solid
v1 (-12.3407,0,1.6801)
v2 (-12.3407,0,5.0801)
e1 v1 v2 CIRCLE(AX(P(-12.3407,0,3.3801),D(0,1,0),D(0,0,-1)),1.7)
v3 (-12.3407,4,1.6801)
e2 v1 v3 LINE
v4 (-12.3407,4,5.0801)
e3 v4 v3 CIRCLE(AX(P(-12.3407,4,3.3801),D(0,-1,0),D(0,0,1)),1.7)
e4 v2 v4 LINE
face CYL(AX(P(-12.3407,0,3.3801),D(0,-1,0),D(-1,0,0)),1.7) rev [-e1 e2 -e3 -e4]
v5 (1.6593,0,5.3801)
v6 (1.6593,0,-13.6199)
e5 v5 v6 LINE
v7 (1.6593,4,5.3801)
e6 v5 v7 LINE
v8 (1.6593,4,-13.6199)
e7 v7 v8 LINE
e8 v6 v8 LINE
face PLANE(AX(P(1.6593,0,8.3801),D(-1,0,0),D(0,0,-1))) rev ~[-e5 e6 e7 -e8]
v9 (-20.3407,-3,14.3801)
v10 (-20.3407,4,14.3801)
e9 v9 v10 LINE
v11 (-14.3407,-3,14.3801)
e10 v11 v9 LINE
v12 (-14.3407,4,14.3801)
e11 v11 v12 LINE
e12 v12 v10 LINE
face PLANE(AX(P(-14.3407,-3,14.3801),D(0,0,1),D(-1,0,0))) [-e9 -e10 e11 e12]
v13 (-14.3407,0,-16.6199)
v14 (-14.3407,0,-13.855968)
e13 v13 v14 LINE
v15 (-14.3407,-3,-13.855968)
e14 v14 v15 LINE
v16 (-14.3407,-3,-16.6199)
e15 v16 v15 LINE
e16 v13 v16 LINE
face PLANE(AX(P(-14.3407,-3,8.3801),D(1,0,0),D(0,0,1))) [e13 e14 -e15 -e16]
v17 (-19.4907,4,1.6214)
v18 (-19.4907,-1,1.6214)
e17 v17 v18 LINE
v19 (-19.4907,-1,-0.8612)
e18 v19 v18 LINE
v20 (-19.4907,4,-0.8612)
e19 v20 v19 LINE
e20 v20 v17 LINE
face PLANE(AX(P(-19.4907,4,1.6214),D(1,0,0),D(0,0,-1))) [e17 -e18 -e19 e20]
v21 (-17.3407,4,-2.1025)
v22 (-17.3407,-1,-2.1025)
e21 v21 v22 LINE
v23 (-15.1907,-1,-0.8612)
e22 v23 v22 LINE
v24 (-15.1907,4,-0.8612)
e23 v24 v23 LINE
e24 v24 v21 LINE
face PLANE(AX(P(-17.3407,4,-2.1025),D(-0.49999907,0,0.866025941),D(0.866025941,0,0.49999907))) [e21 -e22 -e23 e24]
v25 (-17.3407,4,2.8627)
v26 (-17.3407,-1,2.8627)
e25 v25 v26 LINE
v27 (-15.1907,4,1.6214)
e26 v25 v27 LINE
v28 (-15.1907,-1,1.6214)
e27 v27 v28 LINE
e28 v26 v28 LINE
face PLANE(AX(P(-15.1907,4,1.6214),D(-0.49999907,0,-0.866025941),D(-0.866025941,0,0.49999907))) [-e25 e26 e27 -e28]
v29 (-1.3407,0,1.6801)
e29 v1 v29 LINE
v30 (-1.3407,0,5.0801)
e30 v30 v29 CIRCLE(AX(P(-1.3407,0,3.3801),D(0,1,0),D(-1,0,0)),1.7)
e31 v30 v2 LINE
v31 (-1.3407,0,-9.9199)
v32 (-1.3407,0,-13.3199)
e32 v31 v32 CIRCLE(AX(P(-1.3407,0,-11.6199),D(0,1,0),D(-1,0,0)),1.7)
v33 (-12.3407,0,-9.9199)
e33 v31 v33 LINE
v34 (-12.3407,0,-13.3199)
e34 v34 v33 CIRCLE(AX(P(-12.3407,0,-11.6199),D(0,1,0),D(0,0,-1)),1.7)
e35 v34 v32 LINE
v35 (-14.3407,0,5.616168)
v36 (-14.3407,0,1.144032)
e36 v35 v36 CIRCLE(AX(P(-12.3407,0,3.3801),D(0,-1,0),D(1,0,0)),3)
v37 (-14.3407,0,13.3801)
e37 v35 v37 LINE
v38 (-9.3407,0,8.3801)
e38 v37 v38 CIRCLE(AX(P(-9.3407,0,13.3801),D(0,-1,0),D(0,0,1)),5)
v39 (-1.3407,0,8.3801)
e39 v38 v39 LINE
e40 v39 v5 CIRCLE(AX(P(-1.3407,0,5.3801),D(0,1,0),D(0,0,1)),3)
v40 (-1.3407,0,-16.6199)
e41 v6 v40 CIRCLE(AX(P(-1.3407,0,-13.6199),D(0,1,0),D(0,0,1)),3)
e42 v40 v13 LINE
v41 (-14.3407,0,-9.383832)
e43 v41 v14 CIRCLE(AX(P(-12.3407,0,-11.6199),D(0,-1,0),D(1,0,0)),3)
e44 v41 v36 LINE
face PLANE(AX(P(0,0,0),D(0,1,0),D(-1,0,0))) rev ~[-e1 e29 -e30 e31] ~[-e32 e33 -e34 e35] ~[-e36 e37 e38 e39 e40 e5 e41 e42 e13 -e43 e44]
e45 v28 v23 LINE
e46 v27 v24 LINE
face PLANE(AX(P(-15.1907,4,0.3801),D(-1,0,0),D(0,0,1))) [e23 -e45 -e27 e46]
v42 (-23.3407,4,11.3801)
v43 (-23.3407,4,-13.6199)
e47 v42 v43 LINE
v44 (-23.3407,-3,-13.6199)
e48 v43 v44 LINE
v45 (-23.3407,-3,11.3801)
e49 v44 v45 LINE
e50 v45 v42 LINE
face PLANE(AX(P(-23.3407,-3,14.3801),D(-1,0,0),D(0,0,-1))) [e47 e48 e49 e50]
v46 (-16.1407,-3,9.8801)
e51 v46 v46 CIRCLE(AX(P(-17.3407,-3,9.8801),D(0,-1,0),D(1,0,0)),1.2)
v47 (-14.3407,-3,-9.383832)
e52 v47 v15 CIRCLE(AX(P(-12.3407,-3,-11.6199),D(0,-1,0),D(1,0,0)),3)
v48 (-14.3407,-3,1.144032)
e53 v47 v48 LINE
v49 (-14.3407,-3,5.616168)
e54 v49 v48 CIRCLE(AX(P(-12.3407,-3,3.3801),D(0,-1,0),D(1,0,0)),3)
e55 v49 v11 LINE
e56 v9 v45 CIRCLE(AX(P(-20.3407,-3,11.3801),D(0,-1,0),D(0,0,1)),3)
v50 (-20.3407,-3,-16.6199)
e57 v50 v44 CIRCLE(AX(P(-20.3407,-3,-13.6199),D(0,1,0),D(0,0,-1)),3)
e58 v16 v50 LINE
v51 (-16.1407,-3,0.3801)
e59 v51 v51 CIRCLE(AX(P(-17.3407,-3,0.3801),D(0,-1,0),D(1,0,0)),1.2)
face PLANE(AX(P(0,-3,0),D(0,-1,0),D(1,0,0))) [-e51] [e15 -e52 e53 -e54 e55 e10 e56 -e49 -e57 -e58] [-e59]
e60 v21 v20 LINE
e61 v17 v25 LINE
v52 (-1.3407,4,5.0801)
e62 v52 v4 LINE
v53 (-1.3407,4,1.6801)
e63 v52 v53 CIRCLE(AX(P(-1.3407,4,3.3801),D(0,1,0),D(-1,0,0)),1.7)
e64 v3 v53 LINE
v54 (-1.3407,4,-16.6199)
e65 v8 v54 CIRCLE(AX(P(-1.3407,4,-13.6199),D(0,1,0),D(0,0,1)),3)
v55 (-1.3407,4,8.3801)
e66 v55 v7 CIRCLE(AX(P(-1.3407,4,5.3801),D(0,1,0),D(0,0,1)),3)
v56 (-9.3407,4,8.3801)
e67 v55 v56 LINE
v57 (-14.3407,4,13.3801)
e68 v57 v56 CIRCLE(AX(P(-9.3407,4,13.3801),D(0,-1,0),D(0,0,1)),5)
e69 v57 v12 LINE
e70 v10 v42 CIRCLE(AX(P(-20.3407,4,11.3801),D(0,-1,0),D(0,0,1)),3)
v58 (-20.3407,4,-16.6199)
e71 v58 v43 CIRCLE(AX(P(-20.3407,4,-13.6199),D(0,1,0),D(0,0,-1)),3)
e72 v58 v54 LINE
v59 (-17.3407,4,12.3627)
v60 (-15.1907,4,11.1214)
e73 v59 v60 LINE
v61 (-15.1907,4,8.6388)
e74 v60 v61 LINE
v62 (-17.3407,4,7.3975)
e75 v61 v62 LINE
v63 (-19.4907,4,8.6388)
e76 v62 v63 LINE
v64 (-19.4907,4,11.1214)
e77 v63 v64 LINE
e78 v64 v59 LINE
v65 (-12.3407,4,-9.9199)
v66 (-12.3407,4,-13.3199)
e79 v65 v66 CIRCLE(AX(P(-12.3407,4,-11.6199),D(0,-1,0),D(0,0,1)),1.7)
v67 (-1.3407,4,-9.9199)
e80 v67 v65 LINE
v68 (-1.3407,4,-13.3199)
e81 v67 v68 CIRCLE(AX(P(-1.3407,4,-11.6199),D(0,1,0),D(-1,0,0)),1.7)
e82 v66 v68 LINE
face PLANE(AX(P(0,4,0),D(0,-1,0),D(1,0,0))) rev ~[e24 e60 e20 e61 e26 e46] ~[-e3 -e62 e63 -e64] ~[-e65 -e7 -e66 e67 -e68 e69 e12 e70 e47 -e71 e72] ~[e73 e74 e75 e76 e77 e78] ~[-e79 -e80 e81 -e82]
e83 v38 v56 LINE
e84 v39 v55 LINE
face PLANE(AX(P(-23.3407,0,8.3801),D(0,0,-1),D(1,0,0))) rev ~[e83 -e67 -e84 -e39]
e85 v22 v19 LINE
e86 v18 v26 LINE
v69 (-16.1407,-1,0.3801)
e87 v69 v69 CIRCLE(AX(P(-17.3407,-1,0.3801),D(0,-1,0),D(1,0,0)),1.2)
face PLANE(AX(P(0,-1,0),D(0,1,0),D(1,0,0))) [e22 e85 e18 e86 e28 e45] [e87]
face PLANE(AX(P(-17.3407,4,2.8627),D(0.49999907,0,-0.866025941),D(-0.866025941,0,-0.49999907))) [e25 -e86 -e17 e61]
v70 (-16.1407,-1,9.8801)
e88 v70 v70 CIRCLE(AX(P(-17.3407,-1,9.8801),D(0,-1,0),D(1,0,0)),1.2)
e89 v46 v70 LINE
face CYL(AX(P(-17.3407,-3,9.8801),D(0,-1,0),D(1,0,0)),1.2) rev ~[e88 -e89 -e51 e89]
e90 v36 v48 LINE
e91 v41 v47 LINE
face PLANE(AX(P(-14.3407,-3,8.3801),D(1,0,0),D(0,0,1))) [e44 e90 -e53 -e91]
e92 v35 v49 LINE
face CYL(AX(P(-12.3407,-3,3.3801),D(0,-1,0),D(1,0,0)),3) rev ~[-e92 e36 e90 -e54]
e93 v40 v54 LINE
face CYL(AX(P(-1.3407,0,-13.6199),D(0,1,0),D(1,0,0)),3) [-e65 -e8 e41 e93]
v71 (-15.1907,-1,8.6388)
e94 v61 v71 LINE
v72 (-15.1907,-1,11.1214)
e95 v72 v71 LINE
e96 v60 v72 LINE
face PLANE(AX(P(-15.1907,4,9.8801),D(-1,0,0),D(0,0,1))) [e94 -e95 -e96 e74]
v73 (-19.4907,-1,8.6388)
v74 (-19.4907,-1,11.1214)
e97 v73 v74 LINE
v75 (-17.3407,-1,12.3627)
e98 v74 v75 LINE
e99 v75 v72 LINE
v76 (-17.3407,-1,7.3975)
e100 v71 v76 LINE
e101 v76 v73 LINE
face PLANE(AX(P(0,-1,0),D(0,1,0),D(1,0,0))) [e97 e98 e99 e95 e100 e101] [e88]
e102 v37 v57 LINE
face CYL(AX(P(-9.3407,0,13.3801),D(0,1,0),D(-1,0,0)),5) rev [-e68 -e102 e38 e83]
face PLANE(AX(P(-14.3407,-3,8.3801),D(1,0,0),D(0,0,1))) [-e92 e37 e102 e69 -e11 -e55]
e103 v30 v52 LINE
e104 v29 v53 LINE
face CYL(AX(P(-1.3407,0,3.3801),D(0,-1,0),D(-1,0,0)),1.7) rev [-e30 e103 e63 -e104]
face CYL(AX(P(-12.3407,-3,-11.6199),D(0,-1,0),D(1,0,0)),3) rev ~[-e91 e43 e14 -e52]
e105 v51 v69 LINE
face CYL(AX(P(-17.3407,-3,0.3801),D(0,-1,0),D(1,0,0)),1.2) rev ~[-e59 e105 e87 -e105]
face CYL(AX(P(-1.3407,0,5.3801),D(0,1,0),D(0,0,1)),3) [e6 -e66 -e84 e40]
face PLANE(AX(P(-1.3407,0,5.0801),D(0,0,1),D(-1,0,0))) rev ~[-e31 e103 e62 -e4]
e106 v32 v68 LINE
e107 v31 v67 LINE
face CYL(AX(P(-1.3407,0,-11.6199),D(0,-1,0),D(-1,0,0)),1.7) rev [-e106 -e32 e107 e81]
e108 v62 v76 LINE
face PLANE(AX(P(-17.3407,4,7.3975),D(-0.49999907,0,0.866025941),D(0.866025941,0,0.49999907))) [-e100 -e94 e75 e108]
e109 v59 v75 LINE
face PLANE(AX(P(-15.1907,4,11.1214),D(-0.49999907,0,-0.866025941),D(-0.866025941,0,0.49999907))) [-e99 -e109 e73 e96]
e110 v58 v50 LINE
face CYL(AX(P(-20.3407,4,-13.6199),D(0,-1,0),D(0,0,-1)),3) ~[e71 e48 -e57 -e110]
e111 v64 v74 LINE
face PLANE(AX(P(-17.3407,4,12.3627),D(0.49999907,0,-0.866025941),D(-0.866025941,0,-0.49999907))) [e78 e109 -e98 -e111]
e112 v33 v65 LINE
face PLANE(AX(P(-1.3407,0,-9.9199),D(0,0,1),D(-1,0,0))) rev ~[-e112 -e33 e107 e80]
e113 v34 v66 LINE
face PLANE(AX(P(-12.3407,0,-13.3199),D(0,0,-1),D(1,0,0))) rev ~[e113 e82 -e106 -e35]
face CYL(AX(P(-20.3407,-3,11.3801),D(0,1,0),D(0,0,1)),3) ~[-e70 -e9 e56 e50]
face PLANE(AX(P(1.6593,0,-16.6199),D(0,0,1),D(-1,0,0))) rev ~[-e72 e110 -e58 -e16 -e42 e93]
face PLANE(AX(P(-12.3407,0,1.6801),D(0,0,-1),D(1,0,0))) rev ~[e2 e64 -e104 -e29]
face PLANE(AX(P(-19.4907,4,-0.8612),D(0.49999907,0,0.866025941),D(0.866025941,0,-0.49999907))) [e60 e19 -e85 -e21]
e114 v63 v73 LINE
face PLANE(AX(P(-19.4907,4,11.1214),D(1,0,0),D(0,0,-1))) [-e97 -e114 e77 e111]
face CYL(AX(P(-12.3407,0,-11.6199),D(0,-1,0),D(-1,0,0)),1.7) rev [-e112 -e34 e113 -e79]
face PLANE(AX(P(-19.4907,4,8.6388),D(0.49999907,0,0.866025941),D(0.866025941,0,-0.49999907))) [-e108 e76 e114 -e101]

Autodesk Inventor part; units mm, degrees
ref_plane "YZ Plane" through (0, 0, 0) normal (1, 0, 0) x (0, 1, 0)
ref_plane "XZ Plane" through (0, 0, 0) normal (0, 1, 0) x (-1, 0, 0)
ref_plane "XY Plane" through (0, 0, 0) normal (0, 0, 1) x (1, 0, 0)
sketch "Boceto1" plane through (0, 0, 0) normal (0, 1, 0) x (-1, 0, 0)
  line L0 (23.3407, 8.3801) -> (-1.6593, 8.3801)
  line L1 (-1.6593, 8.3801) -> (-1.6593, -16.6199)
  line L2 (-1.6593, -16.6199) -> (23.3407, -16.6199)
  line L3 (23.3407, -16.6199) -> (23.3407, 8.3801)
  circle A0 centre (1.3407, 3.3801) radius 1.7
  circle A1 centre (1.3407, -11.6199) radius 1.7
  circle A2 centre (12.3407, -11.6199) radius 1.7
  circle A3 centre (12.3407, 3.3801) radius 1.7
  line L4 (12.3407, -13.3199) -> (1.3407, -13.3199)
  line L5 (1.3407, -13.3199) -> (1.3407, -9.9199)
  line L6 (1.3407, -9.9199) -> (12.3407, -9.9199)
  line L7 (12.3407, -9.9199) -> (12.3407, -13.3199)
  line L8 (12.3407, 1.6801) -> (1.3407, 1.6801)
  line L9 (1.3407, 1.6801) -> (1.3407, 5.0801)
  line L10 (1.3407, 5.0801) -> (12.3407, 5.0801)
  line L11 (12.3407, 5.0801) -> (12.3407, 1.6801)
  point P0 (0, 0)
  point P1 (12.3407, 3.3801)
  point P2 (1.3407, -13.3199)
  point P3 (12.3407, 5.0801)
  point P4 (1.3407, 1.6801)
  dimension "d0" = 3.4
  dimension "d1" = 3
  dimension "d2" = 5
  dimension "d3" = 15
  dimension "d6" = 25
  dimension "d16" = 25
  dimension "d17" = 11
extrude "Extrusión1" add sketch "Boceto1" along normal blind 4
sketch "Boceto2" plane through (0, 4, 0) normal (0, 1, 0) x (1, 0, 0)
  line L0 (1.6593, 16.6199) -> (-23.3407, 16.6199) projected
  line L1 (-23.3407, -8.3801) -> (1.6593, -8.3801) projected
  line L2 (-23.3407, 16.6199) -> (-14.3407, 16.6199)
  line L3 (-14.3407, 16.6199) -> (-14.3407, -8.3801)
  line L4 (-14.3407, -8.3801) -> (-23.3407, -8.3801)
  line L5 (-23.3407, -8.3801) -> (-23.3407, 16.6199)
  point P0 (0, 0)
  point P1 (-14.3407, 16.6199)
  dimension "d7" = 9
extrude "Extrusión2" add sketch "Boceto2" against normal blind 7
sketch "Boceto5" plane through (0, -3, 0) normal (0, -1, 0) x (1, 0, 0)
  line L0 (-14.3407, 8.3801) -> (-23.3407, 8.3801) projected
  line L1 (-23.3407, 8.3801) -> (-14.3407, 8.3801)
  line L2 (-14.3407, 8.3801) -> (-14.3407, 14.3801)
  line L3 (-14.3407, 14.3801) -> (-23.3407, 14.3801)
  line L4 (-23.3407, 14.3801) -> (-23.3407, 8.3801)
  line L5 (-14.3407, -16.6199) -> (-14.3407, 8.3801) projected
  point P0 (0, 0)
  dimension "d24" = 6
extrude "Extrusión5" add sketch "Boceto5" against normal up to surface (7 mm away)
fillet "Empalme2" radius 5 1 edges at (-14.3407, 2, 8.3801)
sketch "Boceto3" plane through (0, -3, 0) normal (0, -1, 0) x (1, 0, 0)
  circle A0 centre (-17.3407, 9.8801) radius 1.2
  circle A1 centre (-17.3407, 0.3801) radius 1.2
  line L0 (-14.3407, -16.6199) -> (-14.3407, 8.3801) projected
  line L1 (-23.3407, -16.6199) -> (-14.3407, -16.6199) projected
  line L2 (-23.3407, 14.3801) -> (-23.3407, -16.6199) projected
  point P0 (0, 0)
  dimension "d10" = 2.4
  dimension "d11" = 9.5
  dimension "d19" = 17
  dimension "d30" = 6
extrude "Extrusión3" cut sketch "Boceto3" against normal through all
sketch "Boceto4" plane through (0, 4, 0) normal (0, 1, 0) x (1, 0, 0)
  circle A0 centre (-17.3407, -9.8801) radius 1.2 projected
  circle A1 centre (-17.3407, -9.8801) radius 2.15
  line L0 (-17.3407, -12.3627) -> (-19.4907, -11.1214)
  line L1 (-19.4907, -11.1214) -> (-19.4907, -8.6388)
  line L2 (-19.4907, -8.6388) -> (-17.3407, -7.3975)
  line L3 (-17.3407, -7.3975) -> (-15.1907, -8.6388)
  line L4 (-15.1907, -8.6388) -> (-15.1907, -11.1214)
  line L5 (-15.1907, -11.1214) -> (-17.3407, -12.3627)
  circle A2 centre (-17.3407, -0.3801) radius 1.2 projected
  circle A3 centre (-17.3407, -0.3801) radius 2.15
  line L6 (-17.3407, 2.1025) -> (-15.1907, 0.8612)
  line L7 (-15.1907, 0.8612) -> (-15.1907, -1.6214)
  line L8 (-15.1907, -1.6214) -> (-17.3407, -2.8627)
  line L9 (-17.3407, -2.8627) -> (-19.4907, -1.6214)
  line L10 (-19.4907, -1.6214) -> (-19.4907, 0.8612)
  line L11 (-19.4907, 0.8612) -> (-17.3407, 2.1025)
  point P0 (0, 0)
  dimension "d29" = 4.3
extrude "Extrusión4" cut sketch "Boceto4" against normal blind 5 contours A0 | A1 | L4 L5 A1 | A1 L3 L4 | A1 L2 L3 | L5 L0 A1 | A1 L1 L2 | L0 L1 A1 | A2 | A3 | L7 L8 A3 | A3 L6 L7 | A3 L11 L6 | L8 L9 A3 | A3 L10 L11 | L9 L10 A3
fillet "Empalme3" radius 3 4 edges at (-23.3407, 0.5, 14.3801) (-23.3407, 0.5, -16.6199) (1.6593, 2, 8.3801) (1.6593, 2, -16.6199)
sketch "Boceto6" plane through (0, 0, 0) normal (0, -1, 0) x (1, 0, 0)
  point P0 (0, 0)
sketch "Boceto7" plane through (0, -3, 0) normal (0, -1, 0) x (1, 0, 0)
  arc A0 (-12.3407, 5.0801) -> (-12.3407, 1.6801) centre (-12.3407, 3.3801) ccw projected
  circle A1 centre (-12.3407, 3.3801) radius 3
  arc A2 (-12.3407, -9.9199) -> (-12.3407, -13.3199) centre (-12.3407, -11.6199) ccw projected
  circle A3 centre (-12.3407, -11.6199) radius 3
  point P0 (0, 0)
  dimension "d31" = 6
  dimension "d32" = 6
extrude "Extrusión6" cut sketch "Boceto7" against normal up to surface (3 mm away)
properties part number "shoulder endstop support"
